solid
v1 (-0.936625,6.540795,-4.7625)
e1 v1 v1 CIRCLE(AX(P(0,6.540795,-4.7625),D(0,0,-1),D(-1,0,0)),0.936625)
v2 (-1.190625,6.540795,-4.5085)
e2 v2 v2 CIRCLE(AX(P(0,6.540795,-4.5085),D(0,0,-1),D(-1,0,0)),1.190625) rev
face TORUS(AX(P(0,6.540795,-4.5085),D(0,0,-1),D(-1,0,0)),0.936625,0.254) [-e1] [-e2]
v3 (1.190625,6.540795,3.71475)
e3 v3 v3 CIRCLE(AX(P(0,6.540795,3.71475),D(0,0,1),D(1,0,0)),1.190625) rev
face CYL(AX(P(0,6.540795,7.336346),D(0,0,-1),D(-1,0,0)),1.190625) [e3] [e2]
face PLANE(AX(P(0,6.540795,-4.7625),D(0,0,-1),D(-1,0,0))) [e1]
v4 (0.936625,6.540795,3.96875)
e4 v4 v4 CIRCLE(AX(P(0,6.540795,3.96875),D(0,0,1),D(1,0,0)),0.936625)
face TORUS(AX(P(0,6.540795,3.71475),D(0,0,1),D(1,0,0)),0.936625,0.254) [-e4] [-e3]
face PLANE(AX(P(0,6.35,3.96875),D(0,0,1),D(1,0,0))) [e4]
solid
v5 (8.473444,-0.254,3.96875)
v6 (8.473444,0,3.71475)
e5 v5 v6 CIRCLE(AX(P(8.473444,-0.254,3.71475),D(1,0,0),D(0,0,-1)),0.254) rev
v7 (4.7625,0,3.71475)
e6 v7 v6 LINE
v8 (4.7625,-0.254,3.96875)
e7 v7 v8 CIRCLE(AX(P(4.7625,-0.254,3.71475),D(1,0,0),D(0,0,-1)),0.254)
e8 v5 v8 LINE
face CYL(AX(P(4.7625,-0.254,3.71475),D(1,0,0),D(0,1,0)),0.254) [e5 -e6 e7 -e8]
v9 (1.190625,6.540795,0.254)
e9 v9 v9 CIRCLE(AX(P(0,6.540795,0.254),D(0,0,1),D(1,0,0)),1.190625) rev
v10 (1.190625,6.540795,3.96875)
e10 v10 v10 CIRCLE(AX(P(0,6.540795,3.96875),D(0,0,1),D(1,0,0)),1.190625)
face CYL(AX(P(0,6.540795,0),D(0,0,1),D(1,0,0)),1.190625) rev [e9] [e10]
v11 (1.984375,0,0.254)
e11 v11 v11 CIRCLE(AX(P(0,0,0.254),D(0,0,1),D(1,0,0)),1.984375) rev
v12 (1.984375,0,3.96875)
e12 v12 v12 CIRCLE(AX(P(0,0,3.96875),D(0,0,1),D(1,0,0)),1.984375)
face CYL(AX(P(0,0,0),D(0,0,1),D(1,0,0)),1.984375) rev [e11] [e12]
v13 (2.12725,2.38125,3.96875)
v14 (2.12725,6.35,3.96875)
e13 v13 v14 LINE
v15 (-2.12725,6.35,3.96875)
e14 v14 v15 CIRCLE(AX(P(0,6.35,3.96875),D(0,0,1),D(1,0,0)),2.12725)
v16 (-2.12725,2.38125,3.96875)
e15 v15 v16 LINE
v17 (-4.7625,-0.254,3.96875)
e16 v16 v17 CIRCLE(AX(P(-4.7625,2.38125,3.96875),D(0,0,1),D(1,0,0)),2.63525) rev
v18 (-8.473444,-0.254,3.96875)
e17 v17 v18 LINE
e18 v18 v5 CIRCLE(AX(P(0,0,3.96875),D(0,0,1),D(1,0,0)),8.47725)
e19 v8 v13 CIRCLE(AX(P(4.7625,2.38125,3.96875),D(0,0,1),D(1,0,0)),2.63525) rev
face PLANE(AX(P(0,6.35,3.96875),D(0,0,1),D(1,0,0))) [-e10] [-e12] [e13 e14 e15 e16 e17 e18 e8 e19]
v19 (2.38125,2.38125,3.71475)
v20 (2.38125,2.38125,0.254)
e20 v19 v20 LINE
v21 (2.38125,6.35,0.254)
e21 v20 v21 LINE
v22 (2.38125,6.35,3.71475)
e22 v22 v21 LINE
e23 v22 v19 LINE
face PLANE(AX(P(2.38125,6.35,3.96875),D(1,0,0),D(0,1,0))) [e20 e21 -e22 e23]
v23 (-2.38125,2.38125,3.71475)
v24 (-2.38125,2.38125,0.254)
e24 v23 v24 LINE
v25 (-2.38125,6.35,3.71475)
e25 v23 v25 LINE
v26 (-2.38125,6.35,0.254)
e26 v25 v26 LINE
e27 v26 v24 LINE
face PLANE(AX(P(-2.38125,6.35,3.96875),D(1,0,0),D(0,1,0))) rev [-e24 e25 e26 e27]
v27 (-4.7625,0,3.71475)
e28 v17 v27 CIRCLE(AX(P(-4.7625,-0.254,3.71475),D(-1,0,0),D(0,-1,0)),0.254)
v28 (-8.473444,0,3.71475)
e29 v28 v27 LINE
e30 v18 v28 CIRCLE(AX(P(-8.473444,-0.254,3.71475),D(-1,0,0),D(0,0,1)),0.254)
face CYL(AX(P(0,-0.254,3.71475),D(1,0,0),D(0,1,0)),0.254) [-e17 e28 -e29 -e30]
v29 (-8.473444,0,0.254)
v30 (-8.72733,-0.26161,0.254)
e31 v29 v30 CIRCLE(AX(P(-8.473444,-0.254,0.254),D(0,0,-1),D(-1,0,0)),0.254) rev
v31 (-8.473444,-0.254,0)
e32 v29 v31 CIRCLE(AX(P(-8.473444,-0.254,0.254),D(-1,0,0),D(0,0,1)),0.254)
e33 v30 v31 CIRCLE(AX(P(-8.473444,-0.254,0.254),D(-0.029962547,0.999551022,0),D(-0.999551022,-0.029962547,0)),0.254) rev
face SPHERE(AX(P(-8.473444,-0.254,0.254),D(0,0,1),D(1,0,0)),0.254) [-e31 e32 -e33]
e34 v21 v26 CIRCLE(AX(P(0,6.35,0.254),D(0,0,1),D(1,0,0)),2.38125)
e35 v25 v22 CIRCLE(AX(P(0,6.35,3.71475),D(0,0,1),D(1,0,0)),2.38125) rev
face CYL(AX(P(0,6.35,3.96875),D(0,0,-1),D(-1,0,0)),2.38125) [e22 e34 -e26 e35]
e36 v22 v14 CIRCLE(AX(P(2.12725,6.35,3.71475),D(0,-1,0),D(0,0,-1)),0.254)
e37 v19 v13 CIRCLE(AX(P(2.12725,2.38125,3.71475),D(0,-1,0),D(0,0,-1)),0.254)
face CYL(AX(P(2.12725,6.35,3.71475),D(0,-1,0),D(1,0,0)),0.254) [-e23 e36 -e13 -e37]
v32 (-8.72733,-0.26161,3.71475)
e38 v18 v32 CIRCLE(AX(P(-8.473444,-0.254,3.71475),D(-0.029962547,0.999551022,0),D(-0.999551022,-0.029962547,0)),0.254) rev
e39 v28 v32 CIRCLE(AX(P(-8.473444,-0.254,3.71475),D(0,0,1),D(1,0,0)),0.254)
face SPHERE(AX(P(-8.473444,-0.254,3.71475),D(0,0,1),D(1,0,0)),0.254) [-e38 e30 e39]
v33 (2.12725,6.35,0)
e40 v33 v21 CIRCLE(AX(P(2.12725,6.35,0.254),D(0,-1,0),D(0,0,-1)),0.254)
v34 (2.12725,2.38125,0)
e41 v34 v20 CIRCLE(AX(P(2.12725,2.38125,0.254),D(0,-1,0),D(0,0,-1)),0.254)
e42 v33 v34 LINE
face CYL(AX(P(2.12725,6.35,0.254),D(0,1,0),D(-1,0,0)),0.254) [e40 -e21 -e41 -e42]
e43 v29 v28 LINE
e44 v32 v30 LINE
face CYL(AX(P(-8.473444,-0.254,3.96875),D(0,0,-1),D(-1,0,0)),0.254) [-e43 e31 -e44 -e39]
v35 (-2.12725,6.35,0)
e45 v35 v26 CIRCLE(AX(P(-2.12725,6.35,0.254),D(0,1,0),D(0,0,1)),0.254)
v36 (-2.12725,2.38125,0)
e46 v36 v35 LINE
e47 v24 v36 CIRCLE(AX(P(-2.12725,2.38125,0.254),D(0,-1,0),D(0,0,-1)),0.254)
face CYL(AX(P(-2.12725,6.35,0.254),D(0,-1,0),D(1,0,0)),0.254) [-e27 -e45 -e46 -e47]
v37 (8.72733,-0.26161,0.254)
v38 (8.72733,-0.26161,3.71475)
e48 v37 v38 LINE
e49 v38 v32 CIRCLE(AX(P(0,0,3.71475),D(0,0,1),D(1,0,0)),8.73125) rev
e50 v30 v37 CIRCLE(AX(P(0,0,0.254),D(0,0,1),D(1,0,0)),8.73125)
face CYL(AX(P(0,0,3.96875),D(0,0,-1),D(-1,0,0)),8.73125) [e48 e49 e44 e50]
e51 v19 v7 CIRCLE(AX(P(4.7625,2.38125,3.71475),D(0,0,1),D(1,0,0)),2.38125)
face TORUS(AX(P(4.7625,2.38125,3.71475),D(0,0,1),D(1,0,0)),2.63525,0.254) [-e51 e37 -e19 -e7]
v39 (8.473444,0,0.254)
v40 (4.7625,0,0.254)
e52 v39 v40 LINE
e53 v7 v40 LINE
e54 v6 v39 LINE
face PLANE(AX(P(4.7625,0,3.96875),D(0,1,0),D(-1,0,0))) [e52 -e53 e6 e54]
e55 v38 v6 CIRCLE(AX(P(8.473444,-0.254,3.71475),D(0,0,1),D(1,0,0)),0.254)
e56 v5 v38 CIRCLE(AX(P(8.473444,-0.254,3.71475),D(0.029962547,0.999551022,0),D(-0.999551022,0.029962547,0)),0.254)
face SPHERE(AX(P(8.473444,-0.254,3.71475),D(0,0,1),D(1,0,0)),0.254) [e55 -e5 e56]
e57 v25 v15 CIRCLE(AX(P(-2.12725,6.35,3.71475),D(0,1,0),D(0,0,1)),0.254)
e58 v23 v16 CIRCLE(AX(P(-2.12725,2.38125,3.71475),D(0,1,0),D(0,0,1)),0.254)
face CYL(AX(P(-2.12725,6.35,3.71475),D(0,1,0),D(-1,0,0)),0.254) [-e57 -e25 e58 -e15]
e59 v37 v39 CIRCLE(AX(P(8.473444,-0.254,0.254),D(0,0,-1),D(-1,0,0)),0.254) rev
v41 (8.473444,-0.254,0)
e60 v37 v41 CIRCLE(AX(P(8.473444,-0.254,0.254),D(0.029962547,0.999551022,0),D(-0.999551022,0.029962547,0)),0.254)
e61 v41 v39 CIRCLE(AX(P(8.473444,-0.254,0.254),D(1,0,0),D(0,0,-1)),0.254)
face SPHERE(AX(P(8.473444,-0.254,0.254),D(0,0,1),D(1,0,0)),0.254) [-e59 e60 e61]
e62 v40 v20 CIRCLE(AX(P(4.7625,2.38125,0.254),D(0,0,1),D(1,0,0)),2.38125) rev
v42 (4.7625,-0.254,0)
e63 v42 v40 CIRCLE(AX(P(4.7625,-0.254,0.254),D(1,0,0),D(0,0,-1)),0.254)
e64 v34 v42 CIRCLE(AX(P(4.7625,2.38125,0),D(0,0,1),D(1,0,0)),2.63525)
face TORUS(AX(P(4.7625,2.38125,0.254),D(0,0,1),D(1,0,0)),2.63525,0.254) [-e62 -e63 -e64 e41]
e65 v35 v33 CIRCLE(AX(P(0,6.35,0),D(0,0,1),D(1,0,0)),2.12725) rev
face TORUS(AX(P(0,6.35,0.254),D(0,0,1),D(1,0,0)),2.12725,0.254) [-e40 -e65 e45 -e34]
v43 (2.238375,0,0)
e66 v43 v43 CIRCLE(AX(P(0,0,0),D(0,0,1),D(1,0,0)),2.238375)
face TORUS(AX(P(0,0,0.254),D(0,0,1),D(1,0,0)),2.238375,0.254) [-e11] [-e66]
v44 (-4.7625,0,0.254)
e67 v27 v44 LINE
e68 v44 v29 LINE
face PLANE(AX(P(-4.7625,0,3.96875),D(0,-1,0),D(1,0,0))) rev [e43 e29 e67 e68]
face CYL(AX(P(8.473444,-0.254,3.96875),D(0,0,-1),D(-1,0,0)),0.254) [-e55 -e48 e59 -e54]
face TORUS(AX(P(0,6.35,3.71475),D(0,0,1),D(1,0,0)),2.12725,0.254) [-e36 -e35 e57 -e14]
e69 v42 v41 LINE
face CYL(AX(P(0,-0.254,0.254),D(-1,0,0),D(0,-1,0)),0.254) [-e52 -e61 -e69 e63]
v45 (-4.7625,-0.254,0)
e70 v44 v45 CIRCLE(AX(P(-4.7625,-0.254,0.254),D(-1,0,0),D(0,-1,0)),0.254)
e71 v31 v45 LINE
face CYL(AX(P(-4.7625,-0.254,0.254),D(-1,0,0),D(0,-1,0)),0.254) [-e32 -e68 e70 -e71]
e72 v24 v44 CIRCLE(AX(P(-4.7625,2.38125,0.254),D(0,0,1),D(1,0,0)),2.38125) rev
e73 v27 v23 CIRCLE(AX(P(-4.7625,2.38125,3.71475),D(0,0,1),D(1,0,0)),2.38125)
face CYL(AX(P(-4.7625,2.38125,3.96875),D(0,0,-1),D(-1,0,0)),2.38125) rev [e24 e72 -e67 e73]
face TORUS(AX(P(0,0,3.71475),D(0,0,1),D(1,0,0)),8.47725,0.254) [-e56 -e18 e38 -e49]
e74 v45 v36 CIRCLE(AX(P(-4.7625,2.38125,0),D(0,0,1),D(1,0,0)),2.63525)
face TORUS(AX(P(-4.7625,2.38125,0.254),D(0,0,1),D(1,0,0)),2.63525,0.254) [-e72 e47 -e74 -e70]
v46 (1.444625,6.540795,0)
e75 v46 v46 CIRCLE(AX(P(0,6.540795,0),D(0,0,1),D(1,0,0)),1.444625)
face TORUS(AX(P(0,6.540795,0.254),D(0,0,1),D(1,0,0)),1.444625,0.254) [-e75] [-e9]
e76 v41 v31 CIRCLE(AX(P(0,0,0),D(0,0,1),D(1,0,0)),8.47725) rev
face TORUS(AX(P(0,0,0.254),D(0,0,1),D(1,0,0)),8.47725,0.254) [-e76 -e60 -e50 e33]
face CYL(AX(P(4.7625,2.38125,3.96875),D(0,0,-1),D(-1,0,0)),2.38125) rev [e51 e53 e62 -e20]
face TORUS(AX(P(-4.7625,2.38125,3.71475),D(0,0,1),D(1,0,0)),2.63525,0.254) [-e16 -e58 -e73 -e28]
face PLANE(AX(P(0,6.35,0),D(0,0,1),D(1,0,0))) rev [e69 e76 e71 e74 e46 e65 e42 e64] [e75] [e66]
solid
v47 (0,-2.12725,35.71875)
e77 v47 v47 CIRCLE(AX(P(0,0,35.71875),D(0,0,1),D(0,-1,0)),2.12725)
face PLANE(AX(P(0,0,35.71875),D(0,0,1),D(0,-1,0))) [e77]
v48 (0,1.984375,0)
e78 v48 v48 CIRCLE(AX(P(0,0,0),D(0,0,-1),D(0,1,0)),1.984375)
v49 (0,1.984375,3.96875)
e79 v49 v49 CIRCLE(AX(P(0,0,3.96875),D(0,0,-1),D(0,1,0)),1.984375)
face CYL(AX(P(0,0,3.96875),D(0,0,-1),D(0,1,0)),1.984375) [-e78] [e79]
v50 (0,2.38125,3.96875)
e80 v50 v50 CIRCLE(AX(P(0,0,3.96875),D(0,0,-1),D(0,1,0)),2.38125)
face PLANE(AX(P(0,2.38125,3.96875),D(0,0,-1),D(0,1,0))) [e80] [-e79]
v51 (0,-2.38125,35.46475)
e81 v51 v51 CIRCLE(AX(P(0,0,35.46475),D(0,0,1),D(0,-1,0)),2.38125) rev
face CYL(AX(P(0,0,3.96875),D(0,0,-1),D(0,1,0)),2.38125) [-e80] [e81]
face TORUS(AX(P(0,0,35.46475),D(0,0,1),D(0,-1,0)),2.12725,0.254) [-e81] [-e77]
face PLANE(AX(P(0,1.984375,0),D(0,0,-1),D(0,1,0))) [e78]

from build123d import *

# Parameters (mm, degrees)
BOSS_EXTRUDE1_DEPTH      = 3.96875
SKETCH2_R                = 1.984375
SKETCH2_R_2              = 1.190625
CUT_EXTRUDE1_DEPTH       = 13.969981869
BOSS_EXTRUDE2_DEPTH      = 4.7625
BOSS_EXTRUDE2_DEPTH_BACK = 3.96875
SKETCH3_R                = 1.190625
FILLET1_R                = 0.254
FILLET2_R                = 0.254
FILLET3_R                = 0.254


with BuildPart() as part:
    # Sketch1 → Boss-Extrude1 (new body)
    with BuildSketch(Plane.XY):
        with BuildLine():
            Line((-2.38125, 6.35), (-2.38125, 2.38125))
            ThreePointArc((-2.38125, 2.38125), (-3.078701977, 0.697451977), (-4.7625, 0))
            Line((-4.7625, 0), (-8.73125, 0))
            ThreePointArc((-8.73125, 0), (0, -8.73125), (8.73125, 0))
            Line((8.73125, 0), (4.7625, 0))
            ThreePointArc((4.7625, 0), (3.078701977, 0.697451977), (2.38125, 2.38125))
            Line((2.38125, 2.38125), (2.38125, 6.35))
            ThreePointArc((2.38125, 6.35), (0, 8.73125), (-2.38125, 6.35))
        make_face()
    extrude(amount=BOSS_EXTRUDE1_DEPTH)

    # Sketch2 → Cut-Extrude1 (cut, through all)
    with BuildSketch(Plane.XY.offset(3.96875)):
        Circle(SKETCH2_R)
        with Locations((0, 6.540794599)):
            Circle(SKETCH2_R_2)
    extrude(amount=-CUT_EXTRUDE1_DEPTH, mode=Mode.SUBTRACT)

    # Fillet1
    fillet1_edges = [part.edges().sort_by_distance(p)[0] for p in [
        (-6.746875, 0, 0),
        (-3.078701977, 0.697451977, 0),
        (-2.38125, 4.365625, 0),
        (0, 8.73125, 0),
        (-3.078701977, 0.697451977, 3.96875),
        (8.73125, 0, 1.984375),
        (-8.73125, 0, 1.984375),
        (-6.746875, 0, 3.96875),
        (0, -8.73125, 3.96875),
        (6.746875, 0, 3.96875),
        (-1.984375, 0, 0),
        (3.078701977, 0.697451977, 3.96875),
        (-1.190625, 6.540794599, 0),
        (2.38125, 4.365625, 3.96875),
        (0, 8.73125, 3.96875),
        (2.38125, 4.365625, 0),
        (-2.38125, 4.365625, 3.96875),
        (3.078701977, 0.697451977, 0),
        (6.746875, 0, 0),
        (0, -8.73125, 0),
    ]]
    fillet(fillet1_edges, radius=FILLET1_R)


with BuildPart() as body_2:
    # Sketch3 → Boss-Extrude2 (new, two sides: drawn at the far end of the back side and taken through both)
    with BuildSketch(Plane(origin=(0, 0, 0), x_dir=(-1, 0, 0), z_dir=(0, 0, -1)).offset(-BOSS_EXTRUDE2_DEPTH_BACK)):
        with Locations((0, 6.540794599)):
            Circle(SKETCH3_R)
    extrude(amount=BOSS_EXTRUDE2_DEPTH + BOSS_EXTRUDE2_DEPTH_BACK)

    # Fillet2
    fillet2_edges = [body_2.edges().sort_by_distance(p)[0] for p in [
        (1.190625, 6.540794599, -4.7625),
        (1.190625, 6.540794599, 3.96875),
    ]]
    fillet(fillet2_edges, radius=FILLET2_R)


with BuildPart() as body_3:
    # Sketch4 → Revolve1 (revolve)
    with BuildSketch(Plane(origin=(0, 0, 0), x_dir=(0, 0, -1), z_dir=(1, 0, 0))):
        Polygon((-35.71875, 0), (-35.71875, 2.38125), (-3.96875, 2.38125), (-3.96875, 1.984375), (0, 1.984375), (0, 0), (-3.96875, 0), align=None)
    revolve(axis=Axis((0, 0, 3.96875), (0, 0, 1)))

    # Fillet3
    fillet3_edges = [body_3.edges().sort_by_distance(p)[0] for p in [
        (0, -2.38125, 35.71875),
    ]]
    fillet(fillet3_edges, radius=FILLET3_R)


solid = Compound([part.part, body_2.part, body_3.part])
